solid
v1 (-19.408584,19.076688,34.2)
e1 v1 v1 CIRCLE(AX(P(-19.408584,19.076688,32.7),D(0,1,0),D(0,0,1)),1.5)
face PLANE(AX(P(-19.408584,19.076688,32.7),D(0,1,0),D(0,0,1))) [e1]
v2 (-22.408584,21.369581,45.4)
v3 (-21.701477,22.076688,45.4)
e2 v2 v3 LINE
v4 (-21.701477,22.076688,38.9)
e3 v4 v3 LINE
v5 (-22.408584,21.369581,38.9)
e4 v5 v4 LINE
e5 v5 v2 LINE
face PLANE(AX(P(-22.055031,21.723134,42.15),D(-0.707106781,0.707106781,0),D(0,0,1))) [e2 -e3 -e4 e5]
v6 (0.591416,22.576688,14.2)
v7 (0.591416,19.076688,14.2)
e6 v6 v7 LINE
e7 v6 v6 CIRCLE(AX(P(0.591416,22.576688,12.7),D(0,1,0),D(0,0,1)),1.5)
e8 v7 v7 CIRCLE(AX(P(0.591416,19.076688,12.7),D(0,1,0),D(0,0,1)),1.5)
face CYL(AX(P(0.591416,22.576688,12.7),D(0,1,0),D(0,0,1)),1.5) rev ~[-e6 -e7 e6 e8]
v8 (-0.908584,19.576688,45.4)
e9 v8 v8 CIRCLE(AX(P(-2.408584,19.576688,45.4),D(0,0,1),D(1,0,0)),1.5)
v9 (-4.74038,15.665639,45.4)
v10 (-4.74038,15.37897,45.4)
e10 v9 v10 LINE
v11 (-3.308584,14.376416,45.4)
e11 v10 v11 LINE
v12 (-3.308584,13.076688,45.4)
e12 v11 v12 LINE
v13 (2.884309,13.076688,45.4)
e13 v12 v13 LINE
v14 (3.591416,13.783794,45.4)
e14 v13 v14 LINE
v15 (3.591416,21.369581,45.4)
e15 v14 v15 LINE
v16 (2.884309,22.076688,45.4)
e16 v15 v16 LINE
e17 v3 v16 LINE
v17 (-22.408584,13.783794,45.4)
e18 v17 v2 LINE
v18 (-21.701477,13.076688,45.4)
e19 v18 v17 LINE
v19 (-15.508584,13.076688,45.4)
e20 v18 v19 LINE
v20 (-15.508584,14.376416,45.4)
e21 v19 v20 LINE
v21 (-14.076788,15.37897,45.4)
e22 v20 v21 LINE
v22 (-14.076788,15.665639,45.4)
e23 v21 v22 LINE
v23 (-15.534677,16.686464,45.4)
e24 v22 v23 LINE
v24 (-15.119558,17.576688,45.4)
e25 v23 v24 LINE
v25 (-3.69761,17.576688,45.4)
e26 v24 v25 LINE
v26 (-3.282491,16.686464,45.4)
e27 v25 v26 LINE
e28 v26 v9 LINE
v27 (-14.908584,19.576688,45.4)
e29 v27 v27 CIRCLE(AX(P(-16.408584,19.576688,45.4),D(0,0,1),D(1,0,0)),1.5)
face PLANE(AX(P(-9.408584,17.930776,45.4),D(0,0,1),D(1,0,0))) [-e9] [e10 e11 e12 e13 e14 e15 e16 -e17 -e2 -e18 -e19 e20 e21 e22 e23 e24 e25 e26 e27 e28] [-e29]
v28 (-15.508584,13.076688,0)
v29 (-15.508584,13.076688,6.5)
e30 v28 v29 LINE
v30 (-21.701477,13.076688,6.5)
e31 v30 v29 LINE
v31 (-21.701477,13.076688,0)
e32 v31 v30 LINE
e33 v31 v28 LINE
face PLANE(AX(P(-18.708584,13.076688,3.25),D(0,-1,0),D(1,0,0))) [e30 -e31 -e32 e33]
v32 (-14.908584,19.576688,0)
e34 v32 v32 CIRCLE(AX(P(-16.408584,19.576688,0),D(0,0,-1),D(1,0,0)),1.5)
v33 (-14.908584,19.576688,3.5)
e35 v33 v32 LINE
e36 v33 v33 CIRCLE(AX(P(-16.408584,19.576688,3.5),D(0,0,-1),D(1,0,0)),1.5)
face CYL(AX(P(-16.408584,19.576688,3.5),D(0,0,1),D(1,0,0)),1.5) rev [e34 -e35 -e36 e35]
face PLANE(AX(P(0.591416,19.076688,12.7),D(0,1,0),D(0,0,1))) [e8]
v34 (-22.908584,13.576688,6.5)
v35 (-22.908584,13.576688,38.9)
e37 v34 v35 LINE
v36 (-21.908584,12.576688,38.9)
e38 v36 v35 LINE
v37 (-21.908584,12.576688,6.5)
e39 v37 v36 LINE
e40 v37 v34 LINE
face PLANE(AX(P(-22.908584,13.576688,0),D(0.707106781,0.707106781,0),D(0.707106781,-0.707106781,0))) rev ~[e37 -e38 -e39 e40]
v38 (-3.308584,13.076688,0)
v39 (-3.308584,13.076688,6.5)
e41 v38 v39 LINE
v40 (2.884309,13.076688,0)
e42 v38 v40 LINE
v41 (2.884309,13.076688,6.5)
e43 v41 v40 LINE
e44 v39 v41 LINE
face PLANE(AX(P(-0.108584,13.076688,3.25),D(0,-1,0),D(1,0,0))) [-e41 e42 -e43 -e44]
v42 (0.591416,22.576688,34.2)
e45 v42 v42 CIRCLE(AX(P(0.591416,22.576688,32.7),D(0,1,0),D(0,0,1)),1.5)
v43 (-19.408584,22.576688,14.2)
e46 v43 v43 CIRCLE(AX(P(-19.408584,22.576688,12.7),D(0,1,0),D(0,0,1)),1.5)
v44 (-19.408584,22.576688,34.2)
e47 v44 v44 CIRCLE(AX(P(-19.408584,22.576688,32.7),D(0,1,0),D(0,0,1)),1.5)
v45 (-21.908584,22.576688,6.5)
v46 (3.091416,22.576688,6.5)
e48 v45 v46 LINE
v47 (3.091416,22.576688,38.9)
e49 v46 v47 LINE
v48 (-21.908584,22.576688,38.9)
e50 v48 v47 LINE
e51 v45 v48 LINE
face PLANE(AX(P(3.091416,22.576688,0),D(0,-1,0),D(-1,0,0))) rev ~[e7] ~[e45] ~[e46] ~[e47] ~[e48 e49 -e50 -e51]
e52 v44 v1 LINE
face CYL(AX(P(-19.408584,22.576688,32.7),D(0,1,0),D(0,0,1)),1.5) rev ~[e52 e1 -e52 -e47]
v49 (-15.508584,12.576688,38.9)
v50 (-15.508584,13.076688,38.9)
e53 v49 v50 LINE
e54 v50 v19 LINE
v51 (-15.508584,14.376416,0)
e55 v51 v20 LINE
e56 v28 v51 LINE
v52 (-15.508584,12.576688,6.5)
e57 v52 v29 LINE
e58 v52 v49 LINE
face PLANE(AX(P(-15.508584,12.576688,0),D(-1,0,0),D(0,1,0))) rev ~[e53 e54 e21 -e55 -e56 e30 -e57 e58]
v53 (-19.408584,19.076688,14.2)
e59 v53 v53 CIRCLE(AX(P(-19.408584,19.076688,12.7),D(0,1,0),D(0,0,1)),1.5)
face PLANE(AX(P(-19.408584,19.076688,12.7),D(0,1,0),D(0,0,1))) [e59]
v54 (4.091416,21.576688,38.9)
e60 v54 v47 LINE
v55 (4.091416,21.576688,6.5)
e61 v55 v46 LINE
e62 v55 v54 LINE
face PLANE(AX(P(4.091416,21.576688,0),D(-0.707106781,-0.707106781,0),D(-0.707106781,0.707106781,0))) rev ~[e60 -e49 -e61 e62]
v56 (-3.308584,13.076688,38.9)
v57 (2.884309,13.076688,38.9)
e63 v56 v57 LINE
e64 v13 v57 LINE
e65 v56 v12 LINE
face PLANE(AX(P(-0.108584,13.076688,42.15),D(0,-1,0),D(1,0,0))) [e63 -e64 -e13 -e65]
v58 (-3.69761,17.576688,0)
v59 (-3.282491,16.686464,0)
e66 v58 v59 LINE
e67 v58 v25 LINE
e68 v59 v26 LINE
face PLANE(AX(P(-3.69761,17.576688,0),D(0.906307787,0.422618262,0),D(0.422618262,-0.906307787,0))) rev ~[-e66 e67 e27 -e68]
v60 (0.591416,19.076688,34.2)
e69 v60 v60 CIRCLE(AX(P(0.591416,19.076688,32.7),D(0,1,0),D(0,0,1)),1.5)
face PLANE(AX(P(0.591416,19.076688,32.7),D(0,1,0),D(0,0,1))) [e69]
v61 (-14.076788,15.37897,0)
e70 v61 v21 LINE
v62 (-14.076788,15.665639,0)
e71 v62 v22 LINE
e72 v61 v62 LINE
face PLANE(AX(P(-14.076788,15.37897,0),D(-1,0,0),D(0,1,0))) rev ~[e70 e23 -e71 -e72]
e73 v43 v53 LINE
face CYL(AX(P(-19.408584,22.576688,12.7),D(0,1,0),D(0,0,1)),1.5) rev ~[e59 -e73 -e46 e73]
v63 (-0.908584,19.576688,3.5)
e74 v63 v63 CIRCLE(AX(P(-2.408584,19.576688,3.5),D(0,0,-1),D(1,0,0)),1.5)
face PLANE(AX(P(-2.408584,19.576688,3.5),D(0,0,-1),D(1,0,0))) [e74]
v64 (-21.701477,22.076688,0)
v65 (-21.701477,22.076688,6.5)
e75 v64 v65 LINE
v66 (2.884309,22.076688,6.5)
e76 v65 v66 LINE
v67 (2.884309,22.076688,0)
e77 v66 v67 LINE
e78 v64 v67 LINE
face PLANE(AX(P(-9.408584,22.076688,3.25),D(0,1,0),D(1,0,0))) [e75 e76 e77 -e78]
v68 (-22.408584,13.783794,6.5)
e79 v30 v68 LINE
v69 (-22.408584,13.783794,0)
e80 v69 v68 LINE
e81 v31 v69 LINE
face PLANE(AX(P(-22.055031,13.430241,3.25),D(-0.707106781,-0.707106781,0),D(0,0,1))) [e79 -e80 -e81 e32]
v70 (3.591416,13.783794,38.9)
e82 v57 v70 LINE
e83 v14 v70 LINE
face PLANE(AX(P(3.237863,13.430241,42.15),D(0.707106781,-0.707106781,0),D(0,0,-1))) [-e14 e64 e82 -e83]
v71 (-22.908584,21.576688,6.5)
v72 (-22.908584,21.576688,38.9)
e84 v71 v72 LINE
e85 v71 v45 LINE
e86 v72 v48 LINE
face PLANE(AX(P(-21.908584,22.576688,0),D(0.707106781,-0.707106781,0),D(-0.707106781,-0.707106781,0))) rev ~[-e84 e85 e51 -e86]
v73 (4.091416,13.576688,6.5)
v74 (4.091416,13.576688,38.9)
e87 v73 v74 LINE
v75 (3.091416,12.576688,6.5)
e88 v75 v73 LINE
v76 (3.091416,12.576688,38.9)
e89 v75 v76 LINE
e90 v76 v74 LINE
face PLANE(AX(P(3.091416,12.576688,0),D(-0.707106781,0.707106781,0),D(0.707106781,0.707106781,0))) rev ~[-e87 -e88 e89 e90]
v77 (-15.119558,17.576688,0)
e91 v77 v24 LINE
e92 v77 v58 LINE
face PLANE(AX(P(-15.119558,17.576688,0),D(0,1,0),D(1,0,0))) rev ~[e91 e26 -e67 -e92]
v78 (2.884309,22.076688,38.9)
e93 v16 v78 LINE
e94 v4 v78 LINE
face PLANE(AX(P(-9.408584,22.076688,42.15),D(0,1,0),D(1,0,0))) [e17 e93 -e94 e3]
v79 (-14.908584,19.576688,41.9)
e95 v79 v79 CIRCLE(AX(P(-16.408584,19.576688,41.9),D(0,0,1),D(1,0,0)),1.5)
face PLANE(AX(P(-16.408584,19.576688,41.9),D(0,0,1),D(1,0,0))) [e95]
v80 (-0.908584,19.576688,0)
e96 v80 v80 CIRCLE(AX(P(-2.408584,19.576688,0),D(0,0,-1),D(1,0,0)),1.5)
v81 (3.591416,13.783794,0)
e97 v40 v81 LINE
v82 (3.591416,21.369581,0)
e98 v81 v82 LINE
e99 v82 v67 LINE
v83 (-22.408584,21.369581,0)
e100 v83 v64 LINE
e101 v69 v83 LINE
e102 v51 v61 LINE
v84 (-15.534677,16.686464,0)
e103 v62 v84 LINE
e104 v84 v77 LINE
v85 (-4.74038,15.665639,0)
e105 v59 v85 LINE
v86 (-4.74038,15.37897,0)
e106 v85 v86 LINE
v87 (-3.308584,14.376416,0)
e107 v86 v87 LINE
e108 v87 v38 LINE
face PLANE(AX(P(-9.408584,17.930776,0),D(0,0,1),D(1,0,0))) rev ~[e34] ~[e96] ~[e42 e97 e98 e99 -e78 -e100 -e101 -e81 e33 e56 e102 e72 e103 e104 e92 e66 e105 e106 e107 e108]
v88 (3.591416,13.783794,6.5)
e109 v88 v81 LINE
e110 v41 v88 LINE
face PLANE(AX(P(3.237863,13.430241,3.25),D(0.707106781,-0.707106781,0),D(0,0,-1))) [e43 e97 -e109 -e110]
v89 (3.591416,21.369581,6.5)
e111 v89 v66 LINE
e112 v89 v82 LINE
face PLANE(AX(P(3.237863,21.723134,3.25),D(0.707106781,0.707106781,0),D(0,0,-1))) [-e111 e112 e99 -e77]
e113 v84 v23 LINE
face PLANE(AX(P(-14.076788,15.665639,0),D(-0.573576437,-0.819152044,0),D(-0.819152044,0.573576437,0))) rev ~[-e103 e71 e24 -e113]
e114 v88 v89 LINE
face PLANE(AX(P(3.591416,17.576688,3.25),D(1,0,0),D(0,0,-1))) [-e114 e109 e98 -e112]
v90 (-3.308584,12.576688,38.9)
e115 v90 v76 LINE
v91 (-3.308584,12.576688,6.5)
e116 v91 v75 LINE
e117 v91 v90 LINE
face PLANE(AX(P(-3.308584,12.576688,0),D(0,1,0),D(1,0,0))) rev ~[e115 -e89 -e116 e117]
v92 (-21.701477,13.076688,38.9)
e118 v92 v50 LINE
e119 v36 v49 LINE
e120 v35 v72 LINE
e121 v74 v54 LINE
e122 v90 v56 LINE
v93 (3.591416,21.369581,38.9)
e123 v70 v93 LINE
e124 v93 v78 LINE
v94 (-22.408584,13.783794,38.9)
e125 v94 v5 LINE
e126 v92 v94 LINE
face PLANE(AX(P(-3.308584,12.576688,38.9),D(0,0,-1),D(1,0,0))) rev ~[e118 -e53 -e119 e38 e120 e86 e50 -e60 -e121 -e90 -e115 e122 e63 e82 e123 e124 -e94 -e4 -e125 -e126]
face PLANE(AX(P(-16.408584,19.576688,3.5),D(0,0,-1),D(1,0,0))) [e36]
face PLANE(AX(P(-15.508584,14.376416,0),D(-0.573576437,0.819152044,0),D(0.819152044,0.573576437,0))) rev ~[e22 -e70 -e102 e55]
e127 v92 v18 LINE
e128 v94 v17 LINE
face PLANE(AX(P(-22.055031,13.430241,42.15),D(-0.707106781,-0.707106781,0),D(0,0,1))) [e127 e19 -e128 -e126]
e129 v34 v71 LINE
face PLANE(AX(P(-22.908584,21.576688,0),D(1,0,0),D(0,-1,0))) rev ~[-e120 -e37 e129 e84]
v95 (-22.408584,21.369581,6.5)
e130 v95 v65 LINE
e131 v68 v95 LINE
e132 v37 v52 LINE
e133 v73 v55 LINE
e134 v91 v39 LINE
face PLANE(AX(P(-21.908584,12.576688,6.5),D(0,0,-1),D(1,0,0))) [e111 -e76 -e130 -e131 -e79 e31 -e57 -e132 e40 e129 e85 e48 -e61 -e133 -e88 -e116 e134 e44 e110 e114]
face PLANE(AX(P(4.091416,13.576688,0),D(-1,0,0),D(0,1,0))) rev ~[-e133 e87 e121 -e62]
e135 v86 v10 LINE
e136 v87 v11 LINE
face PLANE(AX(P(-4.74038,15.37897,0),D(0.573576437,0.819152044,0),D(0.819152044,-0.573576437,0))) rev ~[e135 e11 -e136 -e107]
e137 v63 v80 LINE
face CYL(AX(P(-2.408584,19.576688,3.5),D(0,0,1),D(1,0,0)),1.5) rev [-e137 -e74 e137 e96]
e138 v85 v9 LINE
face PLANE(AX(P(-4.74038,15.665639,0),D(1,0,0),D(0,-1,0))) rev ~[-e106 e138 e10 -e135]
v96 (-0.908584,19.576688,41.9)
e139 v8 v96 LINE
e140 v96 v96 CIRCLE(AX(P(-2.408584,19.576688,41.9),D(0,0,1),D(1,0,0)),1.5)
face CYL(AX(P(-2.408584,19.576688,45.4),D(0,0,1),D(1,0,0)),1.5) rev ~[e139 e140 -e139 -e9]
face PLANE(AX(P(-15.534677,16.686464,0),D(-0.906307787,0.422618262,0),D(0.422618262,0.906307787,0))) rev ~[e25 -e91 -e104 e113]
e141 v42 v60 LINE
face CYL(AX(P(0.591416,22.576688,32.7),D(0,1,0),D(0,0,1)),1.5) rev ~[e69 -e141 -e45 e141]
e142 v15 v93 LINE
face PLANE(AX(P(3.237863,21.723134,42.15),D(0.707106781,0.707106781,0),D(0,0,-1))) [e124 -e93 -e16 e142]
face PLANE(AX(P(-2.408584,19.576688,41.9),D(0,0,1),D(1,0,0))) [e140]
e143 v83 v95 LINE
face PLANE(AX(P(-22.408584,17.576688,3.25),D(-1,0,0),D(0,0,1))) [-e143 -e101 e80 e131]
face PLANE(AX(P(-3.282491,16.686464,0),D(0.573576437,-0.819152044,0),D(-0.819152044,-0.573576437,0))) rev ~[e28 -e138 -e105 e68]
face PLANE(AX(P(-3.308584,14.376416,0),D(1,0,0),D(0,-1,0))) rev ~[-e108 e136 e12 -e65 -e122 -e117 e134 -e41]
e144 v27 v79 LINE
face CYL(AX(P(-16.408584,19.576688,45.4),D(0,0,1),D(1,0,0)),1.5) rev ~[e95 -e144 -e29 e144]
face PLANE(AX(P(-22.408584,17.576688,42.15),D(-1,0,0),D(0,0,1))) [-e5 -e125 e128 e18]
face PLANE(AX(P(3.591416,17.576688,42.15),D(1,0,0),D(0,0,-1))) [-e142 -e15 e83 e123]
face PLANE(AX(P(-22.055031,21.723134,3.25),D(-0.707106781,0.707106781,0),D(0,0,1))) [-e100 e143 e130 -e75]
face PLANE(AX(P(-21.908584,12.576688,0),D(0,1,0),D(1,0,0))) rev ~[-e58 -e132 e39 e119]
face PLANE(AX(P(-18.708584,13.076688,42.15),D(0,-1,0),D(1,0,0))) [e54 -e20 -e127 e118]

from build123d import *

# Parameters (mm, degrees)
EXTRUDE_1_DEPTH      = 45.4
SKETCH_2_W           = 25
SKETCH_2_H           = 6.5
CUT_EXTRUDE_1_DEPTH  = 0.5
SKETCH_3_W           = 6.5
SKETCH_3_H           = 1.414213562
CUT_EXTRUDE_2_DEPTH  = 0.5
SKETCH_4_W           = 6.5
SKETCH_4_H           = 8
CUT_EXTRUDE_3_DEPTH  = 0.5
SKETCH_5_W           = 6.5
SKETCH_5_H           = 1.414213562
CUT_EXTRUDE_4_DEPTH  = 0.5
SKETCH_6_W           = 6.4
SKETCH_6_H           = 6.5
CUT_EXTRUDE_5_DEPTH  = 0.5
SKETCH_7_W           = 6.5
SKETCH_7_H           = 1.414213563
CUT_EXTRUDE_6_DEPTH  = 0.5
SKETCH_8_W           = 6.5
SKETCH_8_H           = 8
CUT_EXTRUDE_7_DEPTH  = 0.5
SKETCH_9_W           = 6.5
SKETCH_9_H           = 1.414213562
CUT_EXTRUDE_8_DEPTH  = 0.5
SKETCH_10_W          = 6.4
SKETCH_10_H          = 6.5
CUT_EXTRUDE_9_DEPTH  = 0.5
SKETCH_11_W          = 25
SKETCH_11_H          = 6.5
CUT_EXTRUDE_10_DEPTH = 0.5
SKETCH_12_W          = 6.5
SKETCH_12_H          = 1.414213563
CUT_EXTRUDE_11_DEPTH = 0.5
SKETCH_13_W          = 6.5
SKETCH_13_H          = 8
CUT_EXTRUDE_12_DEPTH = 0.5
SKETCH_14_W          = 6.5
SKETCH_14_H          = 1.414213562
CUT_EXTRUDE_13_DEPTH = 0.5
SKETCH_15_W          = 6.4
SKETCH_15_H          = 6.5
CUT_EXTRUDE_14_DEPTH = 0.5
SKETCH_16_W          = 6.5
SKETCH_16_H          = 1.414213562
CUT_EXTRUDE_15_DEPTH = 0.5
SKETCH_17_W          = 6.5
SKETCH_17_H          = 8
CUT_EXTRUDE_16_DEPTH = 0.5
SKETCH_18_W          = 6.5
SKETCH_18_H          = 1.414213562
CUT_EXTRUDE_17_DEPTH = 0.5
SKETCH_19_W          = 6.4
SKETCH_19_H          = 6.5
CUT_EXTRUDE_18_DEPTH = 0.5
SKETCH_20_R          = 1.5
CUT_EXTRUDE_19_DEPTH = 3.5
SKETCH_21_R          = 1.5
CUT_EXTRUDE_21_DEPTH = 3.5
CUT_EXTRUDE_START    = -3.5
SKETCH_22_R          = 1.5
CUT_EXTRUDE_22_DEPTH = 3.5


with BuildPart() as part:
    # 草图1 → 凸台-拉伸1 (new body)
    with BuildSketch(Plane.XY):
        Polygon((-15.119558261, 17.576687619), (-3.69760958, 17.576687619), (-3.282491259, 16.686463507), (-4.740379733, 15.665639007), (-4.740379733, 15.378970272), (-3.30858392, 14.37641605), (-3.30858392, 12.576687619), (3.09141608, 12.576687619), (4.09141608, 13.576687619), (4.09141608, 21.576687619), (3.09141608, 22.576687619), (-21.90858392, 22.576687619), (-22.90858392, 21.576687619), (-22.90858392, 13.576687619), (-21.90858392, 12.576687619), (-15.50858392, 12.576687619), (-15.50858392, 14.37641605), (-14.076788108, 15.378970272), (-14.076788108, 15.665639007), (-15.534676582, 16.686463507), align=None)
    extrude(amount=EXTRUDE_1_DEPTH)

    # 草图2 → 切除-拉伸1 (cut)
    with BuildSketch(Plane(origin=(0, 22.576687619, 0), x_dir=(1, 0, 0), z_dir=(0, 1, 0))):
        with Locations((-9.40858392, -3.25)):
            Rectangle(SKETCH_2_W, SKETCH_2_H)
    extrude(amount=-CUT_EXTRUDE_1_DEPTH, mode=Mode.SUBTRACT)

    # 草图3 → 切除-拉伸2 (cut)
    with BuildSketch(Plane(origin=(-22.24263577, 22.24263577, 0), x_dir=(0, 0, 1), z_dir=(-0.7071067811865477, 0.7071067811865475, 0))):
        with Locations((3.25, -0.234686125)):
            Rectangle(SKETCH_3_W, SKETCH_3_H)
    extrude(amount=-CUT_EXTRUDE_2_DEPTH, mode=Mode.SUBTRACT)

    # 草图4 → 切除-拉伸3 (cut)
    with BuildSketch(Plane.ZY.offset(22.90858392)):
        with Locations((3.25, 17.576687619)):
            Rectangle(SKETCH_4_W, SKETCH_4_H)
    extrude(amount=-CUT_EXTRUDE_3_DEPTH, mode=Mode.SUBTRACT)

    # 草图5 → 切除-拉伸4 (cut)
    with BuildSketch(Plane(origin=(-4.665948151, -4.665948151, 0), x_dir=(0, 0, 1), z_dir=(-0.7071067811865469, -0.7071067811865481, 0))):
        with Locations((3.25, 25.091876138)):
            Rectangle(SKETCH_5_W, SKETCH_5_H)
    extrude(amount=-CUT_EXTRUDE_4_DEPTH, mode=Mode.SUBTRACT)

    # 草图6 → 切除-拉伸5 (cut)
    with BuildSketch(Plane.XZ.offset(-12.576687619)):
        with Locations((-18.70858392, 3.25)):
            Rectangle(SKETCH_6_W, SKETCH_6_H)
    extrude(amount=-CUT_EXTRUDE_5_DEPTH, mode=Mode.SUBTRACT)

    # 草图7 → 切除-拉伸6 (cut)
    with BuildSketch(Plane(origin=(12.834051849, 12.834051849, 0), x_dir=(0, 0, -1), z_dir=(0.7071067811865478, 0.7071067811865472, 0))):
        with Locations((-3.25, 13.071060858)):
            Rectangle(SKETCH_7_W, SKETCH_7_H)
    extrude(amount=-CUT_EXTRUDE_6_DEPTH, mode=Mode.SUBTRACT)

    # 草图8 → 切除-拉伸7 (cut)
    with BuildSketch(Plane(origin=(4.09141608, 0, 0), x_dir=(0, 0, -1), z_dir=(1, 0, 0))):
        with Locations((-3.25, 17.576687619)):
            Rectangle(SKETCH_8_W, SKETCH_8_H)
    extrude(amount=-CUT_EXTRUDE_7_DEPTH, mode=Mode.SUBTRACT)

    # 草图9 → 切除-拉伸8 (cut)
    with BuildSketch(Plane(origin=(-4.74263577, 4.74263577, 0), x_dir=(0, 0, -1), z_dir=(0.7071067811865472, -0.7071067811865478, 0))):
        with Locations((-3.25, 11.786129155)):
            Rectangle(SKETCH_9_W, SKETCH_9_H)
    extrude(amount=-CUT_EXTRUDE_8_DEPTH, mode=Mode.SUBTRACT)

    # 草图10 → 切除-拉伸9 (cut)
    with BuildSketch(Plane.XZ.offset(-12.576687619)):
        with Locations((-0.10858392, 3.25)):
            Rectangle(SKETCH_10_W, SKETCH_10_H)
    extrude(amount=-CUT_EXTRUDE_9_DEPTH, mode=Mode.SUBTRACT)

    # 草图11 → 切除-拉伸10 (cut)
    with BuildSketch(Plane(origin=(0, 22.576687619, 0), x_dir=(1, 0, 0), z_dir=(0, 1, 0))):
        with Locations((-9.40858392, -42.15)):
            Rectangle(SKETCH_11_W, SKETCH_11_H)
    extrude(amount=-CUT_EXTRUDE_10_DEPTH, mode=Mode.SUBTRACT)

    # 草图12 → 切除-拉伸11 (cut)
    with BuildSketch(Plane(origin=(12.834051849, 12.834051849, 0), x_dir=(0, 0, -1), z_dir=(0.7071067811865478, 0.7071067811865472, 0))):
        with Locations((-42.15, 13.071060858)):
            Rectangle(SKETCH_12_W, SKETCH_12_H)
    extrude(amount=-CUT_EXTRUDE_11_DEPTH, mode=Mode.SUBTRACT)

    # 草图13 → 切除-拉伸12 (cut)
    with BuildSketch(Plane(origin=(4.09141608, 0, 0), x_dir=(0, 0, -1), z_dir=(1, 0, 0))):
        with Locations((-42.15, 17.576687619)):
            Rectangle(SKETCH_13_W, SKETCH_13_H)
    extrude(amount=-CUT_EXTRUDE_12_DEPTH, mode=Mode.SUBTRACT)

    # 草图14 → 切除-拉伸13 (cut)
    with BuildSketch(Plane(origin=(-4.74263577, 4.74263577, 0), x_dir=(0, 0, -1), z_dir=(0.7071067811865472, -0.7071067811865478, 0))):
        with Locations((-42.15, 11.786129155)):
            Rectangle(SKETCH_14_W, SKETCH_14_H)
    extrude(amount=-CUT_EXTRUDE_13_DEPTH, mode=Mode.SUBTRACT)

    # 草图15 → 切除-拉伸14 (cut)
    with BuildSketch(Plane.XZ.offset(-12.576687619)):
        with Locations((-0.10858392, 42.15)):
            Rectangle(SKETCH_15_W, SKETCH_15_H)
    extrude(amount=-CUT_EXTRUDE_14_DEPTH, mode=Mode.SUBTRACT)

    # 草图16 → 切除-拉伸15 (cut)
    with BuildSketch(Plane(origin=(-22.24263577, 22.24263577, 0), x_dir=(0, 0, 1), z_dir=(-0.7071067811865477, 0.7071067811865475, 0))):
        with Locations((42.15, -0.234686125)):
            Rectangle(SKETCH_16_W, SKETCH_16_H)
    extrude(amount=-CUT_EXTRUDE_15_DEPTH, mode=Mode.SUBTRACT)

    # 草图17 → 切除-拉伸16 (cut)
    with BuildSketch(Plane.ZY.offset(22.90858392)):
        with Locations((42.15, 17.576687619)):
            Rectangle(SKETCH_17_W, SKETCH_17_H)
    extrude(amount=-CUT_EXTRUDE_16_DEPTH, mode=Mode.SUBTRACT)

    # 草图18 → 切除-拉伸17 (cut)
    with BuildSketch(Plane(origin=(-4.665948151, -4.665948151, 0), x_dir=(0, 0, 1), z_dir=(-0.7071067811865469, -0.7071067811865481, 0))):
        with Locations((42.15, 25.091876138)):
            Rectangle(SKETCH_18_W, SKETCH_18_H)
    extrude(amount=-CUT_EXTRUDE_17_DEPTH, mode=Mode.SUBTRACT)

    # 草图19 → 切除-拉伸18 (cut)
    with BuildSketch(Plane.XZ.offset(-12.576687619)):
        with Locations((-18.70858392, 42.15)):
            Rectangle(SKETCH_19_W, SKETCH_19_H)
    extrude(amount=-CUT_EXTRUDE_18_DEPTH, mode=Mode.SUBTRACT)

    # 草图20 → 切除-拉伸19 (cut)
    with BuildSketch(Plane(origin=(0, 22.576687619, 0), x_dir=(1, 0, 0), z_dir=(0, 1, 0))):
        with Locations(Location((-19.40858392, -12.7, 0), (0, 0, 270))):
            Circle(SKETCH_20_R)
        with Locations(Location((0.59141608, -12.7, 0), (0, 0, 270))):
            Circle(SKETCH_20_R)
        with Locations(Location((0.59141608, -32.7, 0), (0, 0, 270))):
            Circle(SKETCH_20_R)
        with Locations(Location((-19.40858392, -32.7, 0), (0, 0, 270))):
            Circle(SKETCH_20_R)
    extrude(amount=-CUT_EXTRUDE_19_DEPTH, mode=Mode.SUBTRACT)

    # 草图21 → 切除-拉伸21 (cut)
    with BuildSketch(Plane.XY.offset(45.4)):
        with Locations((-16.40858392, 19.576687619)):
            Circle(SKETCH_21_R)
        with Locations((-2.40858392, 19.576687619)):
            Circle(SKETCH_21_R)
    extrude(amount=-CUT_EXTRUDE_21_DEPTH, mode=Mode.SUBTRACT)

    # 草图22 → 切除-拉伸22 (cut)
    with BuildSketch(Plane(origin=(0, 0, 0), x_dir=(-1, 0, 0), z_dir=(0, 0, -1)).offset(CUT_EXTRUDE_START)):
        with Locations(Location((2.40858392, 19.576687619, 0), (0, 0, 180))):
            Circle(SKETCH_22_R)
        with Locations(Location((16.40858392, 19.576687619, 0), (0, 0, 180))):
            Circle(SKETCH_22_R)
    extrude(amount=CUT_EXTRUDE_22_DEPTH, mode=Mode.SUBTRACT)


solid = part.part
